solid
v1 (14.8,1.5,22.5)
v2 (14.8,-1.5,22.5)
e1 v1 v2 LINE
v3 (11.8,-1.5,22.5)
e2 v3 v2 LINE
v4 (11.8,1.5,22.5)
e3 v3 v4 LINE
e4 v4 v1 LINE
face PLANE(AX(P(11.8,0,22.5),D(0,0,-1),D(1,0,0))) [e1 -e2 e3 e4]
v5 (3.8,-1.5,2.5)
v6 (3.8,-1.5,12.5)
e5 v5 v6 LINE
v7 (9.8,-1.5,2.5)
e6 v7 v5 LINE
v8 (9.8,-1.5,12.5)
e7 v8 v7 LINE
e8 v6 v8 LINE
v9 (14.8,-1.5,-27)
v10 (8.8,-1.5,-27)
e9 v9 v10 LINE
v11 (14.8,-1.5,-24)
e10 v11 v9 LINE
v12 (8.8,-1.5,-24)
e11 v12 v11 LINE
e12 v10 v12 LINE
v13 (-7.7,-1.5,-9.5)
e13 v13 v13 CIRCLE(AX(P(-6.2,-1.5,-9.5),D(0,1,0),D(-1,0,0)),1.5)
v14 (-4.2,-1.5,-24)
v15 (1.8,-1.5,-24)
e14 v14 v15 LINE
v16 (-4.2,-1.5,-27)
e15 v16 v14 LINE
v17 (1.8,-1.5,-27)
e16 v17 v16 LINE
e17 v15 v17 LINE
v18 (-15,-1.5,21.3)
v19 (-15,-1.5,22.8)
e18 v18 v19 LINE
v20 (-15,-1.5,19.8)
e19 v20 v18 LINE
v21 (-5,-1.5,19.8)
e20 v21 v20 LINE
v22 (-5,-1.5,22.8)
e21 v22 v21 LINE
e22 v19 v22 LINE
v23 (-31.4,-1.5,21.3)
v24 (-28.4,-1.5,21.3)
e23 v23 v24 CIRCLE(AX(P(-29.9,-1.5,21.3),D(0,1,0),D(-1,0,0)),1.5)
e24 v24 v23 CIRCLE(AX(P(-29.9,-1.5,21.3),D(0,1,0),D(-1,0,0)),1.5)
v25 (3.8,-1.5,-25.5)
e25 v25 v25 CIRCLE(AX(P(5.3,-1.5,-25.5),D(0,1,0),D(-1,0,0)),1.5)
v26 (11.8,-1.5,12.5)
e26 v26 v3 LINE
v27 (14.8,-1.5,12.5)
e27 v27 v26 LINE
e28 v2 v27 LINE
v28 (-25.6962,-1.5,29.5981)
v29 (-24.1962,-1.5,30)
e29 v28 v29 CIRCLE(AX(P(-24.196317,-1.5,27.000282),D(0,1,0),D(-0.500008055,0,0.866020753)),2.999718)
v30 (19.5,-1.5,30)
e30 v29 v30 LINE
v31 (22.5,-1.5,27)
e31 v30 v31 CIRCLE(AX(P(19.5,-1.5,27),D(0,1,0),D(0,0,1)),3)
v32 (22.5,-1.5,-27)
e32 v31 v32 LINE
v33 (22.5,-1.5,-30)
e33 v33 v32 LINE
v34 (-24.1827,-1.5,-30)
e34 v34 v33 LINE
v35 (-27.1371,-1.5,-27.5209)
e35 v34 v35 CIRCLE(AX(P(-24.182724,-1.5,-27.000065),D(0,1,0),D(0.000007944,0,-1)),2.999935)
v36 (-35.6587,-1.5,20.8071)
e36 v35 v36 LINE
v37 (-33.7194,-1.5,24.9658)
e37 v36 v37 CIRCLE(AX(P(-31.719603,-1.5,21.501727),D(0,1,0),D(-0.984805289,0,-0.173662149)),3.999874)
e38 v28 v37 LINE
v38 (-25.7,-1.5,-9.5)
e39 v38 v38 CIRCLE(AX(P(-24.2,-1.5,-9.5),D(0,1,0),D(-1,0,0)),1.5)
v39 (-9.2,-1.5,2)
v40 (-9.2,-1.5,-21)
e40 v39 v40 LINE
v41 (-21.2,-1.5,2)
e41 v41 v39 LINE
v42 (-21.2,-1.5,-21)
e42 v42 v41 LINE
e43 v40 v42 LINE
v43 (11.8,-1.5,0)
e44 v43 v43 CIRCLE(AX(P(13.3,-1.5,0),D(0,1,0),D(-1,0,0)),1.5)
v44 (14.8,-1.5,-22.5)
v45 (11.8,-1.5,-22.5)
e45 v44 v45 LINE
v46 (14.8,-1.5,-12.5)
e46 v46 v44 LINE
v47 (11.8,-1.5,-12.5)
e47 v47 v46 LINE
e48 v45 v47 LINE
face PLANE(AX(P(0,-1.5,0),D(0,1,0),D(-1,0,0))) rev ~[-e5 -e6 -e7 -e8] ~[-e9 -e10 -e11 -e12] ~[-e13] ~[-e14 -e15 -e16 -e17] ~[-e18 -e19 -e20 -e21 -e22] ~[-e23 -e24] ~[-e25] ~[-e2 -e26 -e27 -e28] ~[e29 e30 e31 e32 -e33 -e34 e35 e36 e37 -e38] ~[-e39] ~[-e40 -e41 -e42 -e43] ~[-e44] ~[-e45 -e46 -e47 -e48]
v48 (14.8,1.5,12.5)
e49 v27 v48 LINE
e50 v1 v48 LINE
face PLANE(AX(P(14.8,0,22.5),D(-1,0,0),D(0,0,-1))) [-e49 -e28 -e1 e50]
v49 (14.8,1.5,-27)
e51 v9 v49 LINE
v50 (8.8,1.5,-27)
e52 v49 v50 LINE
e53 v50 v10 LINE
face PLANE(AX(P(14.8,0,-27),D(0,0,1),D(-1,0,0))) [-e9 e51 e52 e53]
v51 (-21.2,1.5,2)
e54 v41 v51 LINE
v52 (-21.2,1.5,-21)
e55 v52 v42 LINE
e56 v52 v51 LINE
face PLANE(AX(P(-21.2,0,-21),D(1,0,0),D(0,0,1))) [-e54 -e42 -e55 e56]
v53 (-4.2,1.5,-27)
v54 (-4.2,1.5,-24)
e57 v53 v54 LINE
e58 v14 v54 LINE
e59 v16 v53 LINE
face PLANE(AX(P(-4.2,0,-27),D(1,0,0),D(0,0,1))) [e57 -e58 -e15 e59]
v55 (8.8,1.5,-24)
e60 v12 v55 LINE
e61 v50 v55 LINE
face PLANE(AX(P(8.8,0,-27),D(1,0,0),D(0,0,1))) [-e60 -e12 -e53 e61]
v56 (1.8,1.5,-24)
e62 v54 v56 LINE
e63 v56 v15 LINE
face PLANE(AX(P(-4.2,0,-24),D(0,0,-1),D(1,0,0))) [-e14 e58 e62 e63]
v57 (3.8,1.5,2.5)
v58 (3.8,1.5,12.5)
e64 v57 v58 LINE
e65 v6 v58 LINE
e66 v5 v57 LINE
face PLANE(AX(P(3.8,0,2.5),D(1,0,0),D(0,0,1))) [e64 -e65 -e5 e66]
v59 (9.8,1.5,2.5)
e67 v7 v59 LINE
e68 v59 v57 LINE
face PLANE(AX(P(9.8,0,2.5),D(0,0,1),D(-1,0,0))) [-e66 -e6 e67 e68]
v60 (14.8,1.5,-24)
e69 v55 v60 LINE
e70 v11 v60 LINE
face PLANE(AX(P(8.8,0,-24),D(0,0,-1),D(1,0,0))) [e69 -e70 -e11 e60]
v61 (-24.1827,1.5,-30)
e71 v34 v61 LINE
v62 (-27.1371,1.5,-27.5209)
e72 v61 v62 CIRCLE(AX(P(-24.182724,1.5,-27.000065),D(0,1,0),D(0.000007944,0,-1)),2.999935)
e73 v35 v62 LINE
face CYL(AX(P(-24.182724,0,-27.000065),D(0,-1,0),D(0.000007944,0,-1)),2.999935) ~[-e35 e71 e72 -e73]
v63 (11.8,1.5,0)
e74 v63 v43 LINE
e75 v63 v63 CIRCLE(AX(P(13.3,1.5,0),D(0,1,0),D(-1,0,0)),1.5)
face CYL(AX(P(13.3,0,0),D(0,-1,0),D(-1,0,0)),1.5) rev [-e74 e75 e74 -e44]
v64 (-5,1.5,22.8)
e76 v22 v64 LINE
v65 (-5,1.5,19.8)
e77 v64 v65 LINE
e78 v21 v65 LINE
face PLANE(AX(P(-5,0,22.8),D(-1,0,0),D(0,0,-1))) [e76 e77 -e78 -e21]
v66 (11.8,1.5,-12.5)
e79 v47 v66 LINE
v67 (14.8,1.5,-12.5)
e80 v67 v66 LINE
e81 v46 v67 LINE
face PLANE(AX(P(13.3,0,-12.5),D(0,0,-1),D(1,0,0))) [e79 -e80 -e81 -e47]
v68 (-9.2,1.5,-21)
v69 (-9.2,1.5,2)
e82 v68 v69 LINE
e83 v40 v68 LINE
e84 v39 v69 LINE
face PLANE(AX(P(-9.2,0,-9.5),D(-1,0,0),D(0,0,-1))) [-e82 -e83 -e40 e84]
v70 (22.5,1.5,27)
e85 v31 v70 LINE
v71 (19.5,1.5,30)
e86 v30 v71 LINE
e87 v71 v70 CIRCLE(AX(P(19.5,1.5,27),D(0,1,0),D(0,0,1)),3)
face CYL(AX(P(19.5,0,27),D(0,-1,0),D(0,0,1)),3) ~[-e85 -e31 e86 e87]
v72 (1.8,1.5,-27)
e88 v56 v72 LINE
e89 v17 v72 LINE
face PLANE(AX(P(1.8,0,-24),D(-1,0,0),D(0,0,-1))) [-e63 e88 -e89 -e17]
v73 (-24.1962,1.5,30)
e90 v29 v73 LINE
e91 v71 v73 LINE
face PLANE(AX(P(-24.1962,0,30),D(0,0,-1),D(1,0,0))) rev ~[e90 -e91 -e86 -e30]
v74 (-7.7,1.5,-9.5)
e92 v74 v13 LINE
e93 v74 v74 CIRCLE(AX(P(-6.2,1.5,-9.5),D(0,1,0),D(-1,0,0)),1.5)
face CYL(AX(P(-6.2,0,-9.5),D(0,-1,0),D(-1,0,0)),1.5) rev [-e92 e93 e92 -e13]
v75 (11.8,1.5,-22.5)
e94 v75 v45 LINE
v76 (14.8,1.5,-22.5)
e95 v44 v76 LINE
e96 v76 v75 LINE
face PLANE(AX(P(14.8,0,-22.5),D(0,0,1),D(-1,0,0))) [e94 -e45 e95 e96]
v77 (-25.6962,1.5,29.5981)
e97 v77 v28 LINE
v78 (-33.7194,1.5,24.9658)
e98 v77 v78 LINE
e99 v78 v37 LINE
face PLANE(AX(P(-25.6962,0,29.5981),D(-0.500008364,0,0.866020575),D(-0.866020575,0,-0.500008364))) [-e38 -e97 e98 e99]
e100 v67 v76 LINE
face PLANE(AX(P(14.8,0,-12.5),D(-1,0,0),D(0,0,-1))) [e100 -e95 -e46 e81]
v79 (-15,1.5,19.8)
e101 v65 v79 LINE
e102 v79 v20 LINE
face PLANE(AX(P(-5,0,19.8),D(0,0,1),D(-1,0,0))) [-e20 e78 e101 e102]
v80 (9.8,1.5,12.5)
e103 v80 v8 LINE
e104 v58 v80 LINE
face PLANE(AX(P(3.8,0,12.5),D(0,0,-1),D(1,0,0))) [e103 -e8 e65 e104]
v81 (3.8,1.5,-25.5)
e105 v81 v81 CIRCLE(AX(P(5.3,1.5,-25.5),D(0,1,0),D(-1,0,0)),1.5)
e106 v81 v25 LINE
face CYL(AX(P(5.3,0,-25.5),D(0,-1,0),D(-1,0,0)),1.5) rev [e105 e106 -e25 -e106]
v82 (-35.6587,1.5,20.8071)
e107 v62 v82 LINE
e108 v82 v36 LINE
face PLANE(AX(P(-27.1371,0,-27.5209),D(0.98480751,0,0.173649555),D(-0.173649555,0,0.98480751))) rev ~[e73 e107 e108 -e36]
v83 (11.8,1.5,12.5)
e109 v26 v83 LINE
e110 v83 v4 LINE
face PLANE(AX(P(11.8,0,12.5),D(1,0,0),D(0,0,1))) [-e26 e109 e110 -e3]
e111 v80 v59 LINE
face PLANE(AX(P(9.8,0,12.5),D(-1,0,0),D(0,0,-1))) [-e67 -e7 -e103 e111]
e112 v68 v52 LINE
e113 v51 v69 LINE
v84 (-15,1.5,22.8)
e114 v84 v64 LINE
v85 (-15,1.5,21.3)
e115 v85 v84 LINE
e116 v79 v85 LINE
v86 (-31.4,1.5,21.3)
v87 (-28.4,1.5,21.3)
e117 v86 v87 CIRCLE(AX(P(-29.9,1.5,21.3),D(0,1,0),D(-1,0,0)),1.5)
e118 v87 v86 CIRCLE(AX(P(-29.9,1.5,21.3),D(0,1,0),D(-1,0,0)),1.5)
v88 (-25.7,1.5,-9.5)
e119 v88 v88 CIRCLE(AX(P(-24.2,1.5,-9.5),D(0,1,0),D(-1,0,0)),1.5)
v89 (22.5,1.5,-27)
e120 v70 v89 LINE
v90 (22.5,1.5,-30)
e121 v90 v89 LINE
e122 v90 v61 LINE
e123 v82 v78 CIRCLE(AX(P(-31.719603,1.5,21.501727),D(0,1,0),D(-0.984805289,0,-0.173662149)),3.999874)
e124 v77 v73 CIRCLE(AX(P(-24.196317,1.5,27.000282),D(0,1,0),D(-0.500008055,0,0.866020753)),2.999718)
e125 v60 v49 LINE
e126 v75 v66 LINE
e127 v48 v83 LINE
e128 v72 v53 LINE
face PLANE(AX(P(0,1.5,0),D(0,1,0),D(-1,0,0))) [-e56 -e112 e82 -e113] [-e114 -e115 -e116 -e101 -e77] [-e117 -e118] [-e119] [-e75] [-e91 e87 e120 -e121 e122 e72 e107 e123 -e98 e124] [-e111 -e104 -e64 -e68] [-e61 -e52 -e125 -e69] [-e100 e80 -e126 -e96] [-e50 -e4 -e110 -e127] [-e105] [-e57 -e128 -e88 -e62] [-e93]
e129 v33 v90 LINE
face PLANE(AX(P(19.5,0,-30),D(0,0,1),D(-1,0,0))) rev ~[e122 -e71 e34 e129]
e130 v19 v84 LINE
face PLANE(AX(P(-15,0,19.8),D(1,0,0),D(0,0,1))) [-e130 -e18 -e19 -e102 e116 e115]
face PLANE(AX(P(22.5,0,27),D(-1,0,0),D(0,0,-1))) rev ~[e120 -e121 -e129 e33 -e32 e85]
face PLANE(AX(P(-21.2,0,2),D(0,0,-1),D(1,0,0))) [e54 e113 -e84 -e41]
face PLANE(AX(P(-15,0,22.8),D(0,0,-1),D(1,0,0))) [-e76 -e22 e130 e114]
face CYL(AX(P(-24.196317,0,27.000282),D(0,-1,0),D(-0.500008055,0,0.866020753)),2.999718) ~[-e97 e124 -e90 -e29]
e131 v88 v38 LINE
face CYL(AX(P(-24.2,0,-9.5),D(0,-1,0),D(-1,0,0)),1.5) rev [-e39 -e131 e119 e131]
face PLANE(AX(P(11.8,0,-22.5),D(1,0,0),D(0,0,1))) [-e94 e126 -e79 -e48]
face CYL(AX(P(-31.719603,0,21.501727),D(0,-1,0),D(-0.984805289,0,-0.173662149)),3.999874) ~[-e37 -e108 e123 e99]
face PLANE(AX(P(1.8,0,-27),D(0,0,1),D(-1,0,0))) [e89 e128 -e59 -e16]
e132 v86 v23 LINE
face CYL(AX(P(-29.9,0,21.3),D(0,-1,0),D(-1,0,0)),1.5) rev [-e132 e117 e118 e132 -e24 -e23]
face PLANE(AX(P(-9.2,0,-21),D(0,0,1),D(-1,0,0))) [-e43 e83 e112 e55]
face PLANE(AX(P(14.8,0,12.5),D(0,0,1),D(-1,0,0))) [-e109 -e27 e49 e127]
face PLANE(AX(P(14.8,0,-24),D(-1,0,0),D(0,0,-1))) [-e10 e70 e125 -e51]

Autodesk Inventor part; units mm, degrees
ref_plane "YZ Plane" through (0, 0, 0) normal (1, 0, 0) x (0, 1, 0)
ref_plane "XZ Plane" through (0, 0, 0) normal (0, 1, 0) x (-1, 0, 0)
ref_plane "XY Plane" through (0, 0, 0) normal (0, 0, 1) x (1, 0, 0)
sketch "草圖1" plane through (0, 0, 0) normal (0, 1, 0) x (-1, 0, 0)
  line L0 (24.1962, 30) -> (-19.5, 30)
  line L1 (-22.5, 27) -> (-22.5, -27)
  line L2 (-22.5, -30) -> (24.1827, -30)
  line L3 (25, 30) -> (17.3, 30)
  line L4 (25.6962, 29.5981) -> (33.7194, 24.9658)
  line L5 (-19.5, -30) -> (26.7, -30)
  line L6 (27.1371, -27.5209) -> (35.6587, 20.8071)
  line L7 (-14.8, -27) -> (-8.8, -27)
  line L8 (-8.8, -27) -> (-8.8, -24)
  line L9 (-8.8, -24) -> (-14.8, -24)
  line L10 (-14.8, -24) -> (-14.8, -27)
  line L11 (-14.8, -22.5) -> (-11.8, -22.5)
  line L12 (-11.8, -22.5) -> (-11.8, -12.5)
  line L13 (-11.8, -12.5) -> (-14.8, -12.5)
  line L14 (-14.8, -12.5) -> (-14.8, -22.5)
  line L15 (-11.8, -12.5) -> (-13.3, -12.5)
  circle A0 centre (-13.3, 0) radius 1.5
  line L16 (-11.8, 22.5) -> (-14.8, 22.5)
  line L17 (-14.8, 22.5) -> (-14.8, 12.5)
  line L18 (-14.8, 12.5) -> (-11.8, 12.5)
  line L19 (-11.8, 12.5) -> (-11.8, 22.5)
  circle A1 centre (-5.3, -25.5) radius 1.5
  line L20 (4.2, -24) -> (-1.8, -24)
  line L21 (-1.8, -24) -> (-1.8, -27)
  line L22 (-1.8, -27) -> (4.2, -27)
  line L23 (4.2, -27) -> (4.2, -24)
  line L24 (9.2, -21) -> (21.2, -21)
  line L25 (21.2, -21) -> (21.2, 2)
  line L26 (21.2, 2) -> (9.2, 2)
  line L27 (9.2, 2) -> (9.2, -21)
  line L28 (9.2, -21) -> (9.2, -9.5)
  circle A2 centre (6.2, -9.5) radius 1.5
  circle A3 centre (24.2, -9.5) radius 1.5
  line L29 (5, 19.8) -> (15, 19.8)
  line L30 (15, 19.8) -> (15, 22.8)
  line L31 (15, 22.8) -> (5, 22.8)
  line L32 (5, 22.8) -> (5, 19.8)
  line L33 (-22.5, -30) -> (-22.5, -27)
  line L34 (-22.5, -27) -> (-14.8, -27)
  line L35 (-3.8, 12.5) -> (-9.8, 12.5)
  line L36 (-9.8, 12.5) -> (-9.8, 2.5)
  line L37 (-9.8, 2.5) -> (-3.8, 2.5)
  line L38 (-3.8, 2.5) -> (-3.8, 12.5)
  line L39 (15, 22.8) -> (15, 21.3)
  line L40 (15, 21.3) -> (29.9, 21.3)
  circle A4 centre (29.9, 21.3) radius 1.5
  arc A5 (25.6962, 29.5981) -> (24.1962, 30) centre (24.1962, 27) ccw
  arc A6 (35.6587, 20.8071) -> (33.7194, 24.9658) centre (31.7194, 21.5017) ccw
  arc A7 (24.1827, -30) -> (27.1371, -27.5209) centre (24.1827, -27) ccw
  arc A8 (-22.5, -27) -> (-19.5, -30) centre (-19.5, -27) ccw
  arc A9 (-19.5, 30) -> (-22.5, 27) centre (-19.5, 27) ccw
  point P0 (-22.5, 30)
  point P1 (25, -30)
  dimension "d0" = 60
  dimension "d1" = 47.5
  dimension "d43" = 49.2
  dimension "d44" = 110
  dimension "d46" = 3
  dimension "d47" = 1.5
  dimension "d48" = 3
  dimension "d49" = 10
  dimension "d50" = 3
  dimension "d51" = 1.5
  dimension "d53" = 3
  dimension "d54" = 3
  dimension "d55" = 10
  dimension "d56" = 3
  dimension "d61" = 3
  dimension "d62" = 6
  dimension "d63" = 3
  dimension "d67" = 12
  dimension "d68" = 23
  dimension "d69" = 11.5
  dimension "d72" = 3
  dimension "d73" = 3
  dimension "d74" = 10
  dimension "d75" = 3
  dimension "d76" = 3
  dimension "d77" = 7.7
  dimension "d78" = 6
  dimension "d79" = 10
  dimension "d80" = 32.5
  dimension "d81" = 12.7
  dimension "d82" = 14.9
  dimension "d83" = 3
  dimension "d84" = 3
  dimension "d85" = 4
extrude "擠出2" add sketch "草圖1" along normal mid plane 3
properties part number "板子2"
